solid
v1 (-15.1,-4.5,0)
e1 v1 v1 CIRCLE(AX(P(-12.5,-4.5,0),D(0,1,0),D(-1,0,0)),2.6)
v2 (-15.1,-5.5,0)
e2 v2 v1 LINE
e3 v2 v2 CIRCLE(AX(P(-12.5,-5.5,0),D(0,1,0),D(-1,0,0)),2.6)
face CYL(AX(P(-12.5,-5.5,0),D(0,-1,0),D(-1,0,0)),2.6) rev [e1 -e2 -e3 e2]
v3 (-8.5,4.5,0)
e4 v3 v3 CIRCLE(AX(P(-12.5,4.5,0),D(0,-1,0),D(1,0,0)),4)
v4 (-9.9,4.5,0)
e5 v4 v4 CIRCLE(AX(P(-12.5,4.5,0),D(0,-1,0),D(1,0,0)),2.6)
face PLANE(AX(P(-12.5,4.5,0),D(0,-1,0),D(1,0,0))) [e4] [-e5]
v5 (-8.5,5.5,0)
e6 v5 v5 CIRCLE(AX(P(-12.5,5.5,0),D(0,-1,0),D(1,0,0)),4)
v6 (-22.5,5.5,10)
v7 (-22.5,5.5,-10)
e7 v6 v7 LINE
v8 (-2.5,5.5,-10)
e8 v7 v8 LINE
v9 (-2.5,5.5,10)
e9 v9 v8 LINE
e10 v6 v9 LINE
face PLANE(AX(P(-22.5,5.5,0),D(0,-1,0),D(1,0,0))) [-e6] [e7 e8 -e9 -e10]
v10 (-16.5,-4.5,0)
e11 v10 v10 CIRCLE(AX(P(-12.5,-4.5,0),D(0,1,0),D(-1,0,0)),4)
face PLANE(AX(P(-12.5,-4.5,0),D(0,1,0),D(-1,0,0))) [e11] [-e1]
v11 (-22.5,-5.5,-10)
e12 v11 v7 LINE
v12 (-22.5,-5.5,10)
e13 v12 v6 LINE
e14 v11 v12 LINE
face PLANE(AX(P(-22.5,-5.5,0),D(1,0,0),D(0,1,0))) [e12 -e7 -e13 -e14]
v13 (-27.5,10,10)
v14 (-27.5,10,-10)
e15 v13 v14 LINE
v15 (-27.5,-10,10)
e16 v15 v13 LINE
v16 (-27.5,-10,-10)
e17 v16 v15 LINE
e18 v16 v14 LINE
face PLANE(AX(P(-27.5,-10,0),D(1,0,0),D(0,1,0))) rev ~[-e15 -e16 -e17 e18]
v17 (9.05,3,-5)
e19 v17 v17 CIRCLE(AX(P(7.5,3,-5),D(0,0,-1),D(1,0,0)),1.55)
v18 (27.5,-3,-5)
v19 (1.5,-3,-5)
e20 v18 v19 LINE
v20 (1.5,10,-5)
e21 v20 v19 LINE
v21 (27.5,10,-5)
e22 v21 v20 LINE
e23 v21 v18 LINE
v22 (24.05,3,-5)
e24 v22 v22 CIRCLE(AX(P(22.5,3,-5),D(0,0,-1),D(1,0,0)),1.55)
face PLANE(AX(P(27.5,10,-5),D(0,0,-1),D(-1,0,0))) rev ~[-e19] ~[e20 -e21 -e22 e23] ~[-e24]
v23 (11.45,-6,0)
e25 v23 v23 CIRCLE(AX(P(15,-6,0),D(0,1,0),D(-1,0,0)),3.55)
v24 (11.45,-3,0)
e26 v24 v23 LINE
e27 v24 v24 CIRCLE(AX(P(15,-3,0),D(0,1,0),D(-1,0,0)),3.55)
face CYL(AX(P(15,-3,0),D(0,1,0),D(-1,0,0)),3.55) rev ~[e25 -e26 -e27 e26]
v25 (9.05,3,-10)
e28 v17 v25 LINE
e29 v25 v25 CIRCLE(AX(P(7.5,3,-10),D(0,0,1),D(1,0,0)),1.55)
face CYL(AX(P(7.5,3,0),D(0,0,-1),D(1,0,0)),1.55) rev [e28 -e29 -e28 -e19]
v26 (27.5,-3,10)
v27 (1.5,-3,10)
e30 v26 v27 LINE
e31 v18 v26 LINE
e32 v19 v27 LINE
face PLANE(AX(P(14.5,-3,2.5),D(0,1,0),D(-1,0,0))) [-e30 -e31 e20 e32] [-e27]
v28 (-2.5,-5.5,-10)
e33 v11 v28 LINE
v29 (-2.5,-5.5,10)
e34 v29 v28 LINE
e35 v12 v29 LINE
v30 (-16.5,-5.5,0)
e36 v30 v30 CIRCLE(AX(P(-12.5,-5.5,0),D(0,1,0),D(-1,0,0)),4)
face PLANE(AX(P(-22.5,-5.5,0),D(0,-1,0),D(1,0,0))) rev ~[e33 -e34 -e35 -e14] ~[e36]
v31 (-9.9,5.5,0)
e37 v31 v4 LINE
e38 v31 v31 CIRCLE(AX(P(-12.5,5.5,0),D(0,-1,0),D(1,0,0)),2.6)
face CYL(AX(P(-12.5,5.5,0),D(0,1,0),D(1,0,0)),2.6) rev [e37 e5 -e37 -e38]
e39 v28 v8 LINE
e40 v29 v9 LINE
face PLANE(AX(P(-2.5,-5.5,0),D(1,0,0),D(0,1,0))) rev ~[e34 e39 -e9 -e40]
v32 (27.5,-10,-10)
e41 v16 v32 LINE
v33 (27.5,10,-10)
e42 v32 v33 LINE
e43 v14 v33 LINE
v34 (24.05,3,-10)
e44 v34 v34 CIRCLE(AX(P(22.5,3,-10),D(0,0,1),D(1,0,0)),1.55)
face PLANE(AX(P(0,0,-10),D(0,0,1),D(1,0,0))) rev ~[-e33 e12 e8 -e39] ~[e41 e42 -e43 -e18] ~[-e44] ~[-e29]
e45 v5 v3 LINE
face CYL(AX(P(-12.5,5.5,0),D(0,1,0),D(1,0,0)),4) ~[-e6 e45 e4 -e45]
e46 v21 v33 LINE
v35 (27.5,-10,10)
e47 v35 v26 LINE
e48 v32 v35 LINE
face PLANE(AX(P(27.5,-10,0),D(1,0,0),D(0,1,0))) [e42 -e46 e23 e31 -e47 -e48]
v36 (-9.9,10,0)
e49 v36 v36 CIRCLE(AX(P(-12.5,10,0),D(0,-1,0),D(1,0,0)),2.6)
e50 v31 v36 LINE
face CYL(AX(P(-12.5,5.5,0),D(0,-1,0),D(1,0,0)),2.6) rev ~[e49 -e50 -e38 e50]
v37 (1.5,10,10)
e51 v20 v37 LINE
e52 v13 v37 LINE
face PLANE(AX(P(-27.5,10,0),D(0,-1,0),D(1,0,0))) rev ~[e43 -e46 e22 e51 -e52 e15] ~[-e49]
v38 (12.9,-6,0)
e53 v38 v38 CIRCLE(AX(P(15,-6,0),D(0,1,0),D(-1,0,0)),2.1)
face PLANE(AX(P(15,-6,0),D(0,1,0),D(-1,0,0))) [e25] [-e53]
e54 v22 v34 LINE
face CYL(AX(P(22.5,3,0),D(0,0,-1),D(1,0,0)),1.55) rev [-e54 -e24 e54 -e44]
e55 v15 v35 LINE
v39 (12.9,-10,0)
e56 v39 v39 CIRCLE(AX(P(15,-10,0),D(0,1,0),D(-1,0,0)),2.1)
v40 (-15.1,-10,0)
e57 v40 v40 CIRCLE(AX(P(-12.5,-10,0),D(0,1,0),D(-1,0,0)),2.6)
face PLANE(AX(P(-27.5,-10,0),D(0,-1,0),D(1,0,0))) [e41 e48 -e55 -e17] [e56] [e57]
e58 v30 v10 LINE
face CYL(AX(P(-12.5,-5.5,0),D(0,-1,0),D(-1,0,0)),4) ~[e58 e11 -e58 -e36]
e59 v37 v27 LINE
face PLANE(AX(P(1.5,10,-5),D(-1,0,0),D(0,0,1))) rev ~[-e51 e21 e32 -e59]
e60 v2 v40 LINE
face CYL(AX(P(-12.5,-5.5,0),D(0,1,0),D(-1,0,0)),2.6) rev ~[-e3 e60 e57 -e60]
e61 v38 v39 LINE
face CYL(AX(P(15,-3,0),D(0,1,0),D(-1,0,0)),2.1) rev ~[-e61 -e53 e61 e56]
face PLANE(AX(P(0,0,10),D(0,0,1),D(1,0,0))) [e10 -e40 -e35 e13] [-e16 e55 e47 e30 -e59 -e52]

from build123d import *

# Parameters (mm, degrees)
SKETCH_W        = 55
SKETCH_H        = 20
SKETCH_R        = 1.55
SKETCH_W_2      = 20
SKETCH_H_2      = 11
PAD_DEPTH       = 10
SKETCH001_R     = 2.6
POCKET_DEPTH    = 5
SKETCH002_R     = 2.6
POCKET001_DEPTH = 5
SKETCH003_R     = 4
SKETCH003_R_2   = 2.6
PAD001_DEPTH    = 1
SKETCH004_R     = 4
SKETCH004_R_2   = 2.6
PAD002_DEPTH    = 1
SKETCH005_W     = 26
SKETCH005_H     = 15
POCKET002_DEPTH = 13
SKETCH006_R     = 2.1
POCKET003_DEPTH = 7
SKETCH007_R     = 3.55
SKETCH007_R_2   = 2.1
POCKET004_DEPTH = 3


with BuildPart() as part:
    # Sketch → Pad (new body, symmetric)
    with BuildSketch(Plane.XY):
        Rectangle(SKETCH_W, SKETCH_H)
        with Locations((7.5, 3)):
            Circle(SKETCH_R, mode=Mode.SUBTRACT)
        with Locations((22.5, 3)):
            Circle(SKETCH_R, mode=Mode.SUBTRACT)
        with Locations((-12.5, 0)):
            Rectangle(SKETCH_W_2, SKETCH_H_2, mode=Mode.SUBTRACT)
    extrude(amount=PAD_DEPTH, both=True)

    # Sketch001 → Pocket (cut)
    with BuildSketch(Plane.XZ.offset(-5.5)):
        with Locations((-12.5, 0)):
            Circle(SKETCH001_R)
    extrude(amount=-POCKET_DEPTH, mode=Mode.SUBTRACT)

    # Sketch002 → Pocket001 (cut)
    with BuildSketch(Plane(origin=(0, -5.5, 0), x_dir=(-1, 0, 0), z_dir=(0, 1, 0))):
        with Locations((12.5, 0)):
            Circle(SKETCH002_R)
    extrude(amount=-POCKET001_DEPTH, mode=Mode.SUBTRACT)

    # Sketch003 → Pad001 (new body)
    with BuildSketch(Plane(origin=(0, -5.5, 0), x_dir=(-1, 0, 0), z_dir=(0, 1, 0))):
        with Locations((12.5, 0)):
            Circle(SKETCH003_R)
        with Locations((12.5, 0)):
            Circle(SKETCH003_R_2, mode=Mode.SUBTRACT)
    extrude(amount=PAD001_DEPTH)

    # Sketch004 → Pad002 (new body)
    with BuildSketch(Plane.XZ.offset(-5.5)):
        with Locations((-12.5, 0)):
            Circle(SKETCH004_R)
        with Locations((-12.5, 0)):
            Circle(SKETCH004_R_2, mode=Mode.SUBTRACT)
    extrude(amount=PAD002_DEPTH)

    # Sketch005 → Pocket002 (cut)
    with BuildSketch(Plane(origin=(0, 10, 0), x_dir=(-1, 0, 0), z_dir=(0, 1, 0))):
        with Locations((-14.5, 2.5)):
            Rectangle(SKETCH005_W, SKETCH005_H)
    extrude(amount=-POCKET002_DEPTH, mode=Mode.SUBTRACT)

    # Sketch006 → Pocket003 (cut)
    with BuildSketch(Plane(origin=(0, -3, 0), x_dir=(-1, 0, 0), z_dir=(0, 1, 0))):
        with Locations((-15, 0)):
            Circle(SKETCH006_R)
    extrude(amount=-POCKET003_DEPTH, mode=Mode.SUBTRACT)

    # Sketch007 → Pocket004 (cut)
    with BuildSketch(Plane(origin=(0, -3, 0), x_dir=(-1, 0, 0), z_dir=(0, 1, 0))):
        with Locations((-15, 0)):
            Circle(SKETCH007_R)
        with Locations((-15, 0)):
            Circle(SKETCH007_R_2, mode=Mode.SUBTRACT)
    extrude(amount=-POCKET004_DEPTH, mode=Mode.SUBTRACT)


solid = part.part
